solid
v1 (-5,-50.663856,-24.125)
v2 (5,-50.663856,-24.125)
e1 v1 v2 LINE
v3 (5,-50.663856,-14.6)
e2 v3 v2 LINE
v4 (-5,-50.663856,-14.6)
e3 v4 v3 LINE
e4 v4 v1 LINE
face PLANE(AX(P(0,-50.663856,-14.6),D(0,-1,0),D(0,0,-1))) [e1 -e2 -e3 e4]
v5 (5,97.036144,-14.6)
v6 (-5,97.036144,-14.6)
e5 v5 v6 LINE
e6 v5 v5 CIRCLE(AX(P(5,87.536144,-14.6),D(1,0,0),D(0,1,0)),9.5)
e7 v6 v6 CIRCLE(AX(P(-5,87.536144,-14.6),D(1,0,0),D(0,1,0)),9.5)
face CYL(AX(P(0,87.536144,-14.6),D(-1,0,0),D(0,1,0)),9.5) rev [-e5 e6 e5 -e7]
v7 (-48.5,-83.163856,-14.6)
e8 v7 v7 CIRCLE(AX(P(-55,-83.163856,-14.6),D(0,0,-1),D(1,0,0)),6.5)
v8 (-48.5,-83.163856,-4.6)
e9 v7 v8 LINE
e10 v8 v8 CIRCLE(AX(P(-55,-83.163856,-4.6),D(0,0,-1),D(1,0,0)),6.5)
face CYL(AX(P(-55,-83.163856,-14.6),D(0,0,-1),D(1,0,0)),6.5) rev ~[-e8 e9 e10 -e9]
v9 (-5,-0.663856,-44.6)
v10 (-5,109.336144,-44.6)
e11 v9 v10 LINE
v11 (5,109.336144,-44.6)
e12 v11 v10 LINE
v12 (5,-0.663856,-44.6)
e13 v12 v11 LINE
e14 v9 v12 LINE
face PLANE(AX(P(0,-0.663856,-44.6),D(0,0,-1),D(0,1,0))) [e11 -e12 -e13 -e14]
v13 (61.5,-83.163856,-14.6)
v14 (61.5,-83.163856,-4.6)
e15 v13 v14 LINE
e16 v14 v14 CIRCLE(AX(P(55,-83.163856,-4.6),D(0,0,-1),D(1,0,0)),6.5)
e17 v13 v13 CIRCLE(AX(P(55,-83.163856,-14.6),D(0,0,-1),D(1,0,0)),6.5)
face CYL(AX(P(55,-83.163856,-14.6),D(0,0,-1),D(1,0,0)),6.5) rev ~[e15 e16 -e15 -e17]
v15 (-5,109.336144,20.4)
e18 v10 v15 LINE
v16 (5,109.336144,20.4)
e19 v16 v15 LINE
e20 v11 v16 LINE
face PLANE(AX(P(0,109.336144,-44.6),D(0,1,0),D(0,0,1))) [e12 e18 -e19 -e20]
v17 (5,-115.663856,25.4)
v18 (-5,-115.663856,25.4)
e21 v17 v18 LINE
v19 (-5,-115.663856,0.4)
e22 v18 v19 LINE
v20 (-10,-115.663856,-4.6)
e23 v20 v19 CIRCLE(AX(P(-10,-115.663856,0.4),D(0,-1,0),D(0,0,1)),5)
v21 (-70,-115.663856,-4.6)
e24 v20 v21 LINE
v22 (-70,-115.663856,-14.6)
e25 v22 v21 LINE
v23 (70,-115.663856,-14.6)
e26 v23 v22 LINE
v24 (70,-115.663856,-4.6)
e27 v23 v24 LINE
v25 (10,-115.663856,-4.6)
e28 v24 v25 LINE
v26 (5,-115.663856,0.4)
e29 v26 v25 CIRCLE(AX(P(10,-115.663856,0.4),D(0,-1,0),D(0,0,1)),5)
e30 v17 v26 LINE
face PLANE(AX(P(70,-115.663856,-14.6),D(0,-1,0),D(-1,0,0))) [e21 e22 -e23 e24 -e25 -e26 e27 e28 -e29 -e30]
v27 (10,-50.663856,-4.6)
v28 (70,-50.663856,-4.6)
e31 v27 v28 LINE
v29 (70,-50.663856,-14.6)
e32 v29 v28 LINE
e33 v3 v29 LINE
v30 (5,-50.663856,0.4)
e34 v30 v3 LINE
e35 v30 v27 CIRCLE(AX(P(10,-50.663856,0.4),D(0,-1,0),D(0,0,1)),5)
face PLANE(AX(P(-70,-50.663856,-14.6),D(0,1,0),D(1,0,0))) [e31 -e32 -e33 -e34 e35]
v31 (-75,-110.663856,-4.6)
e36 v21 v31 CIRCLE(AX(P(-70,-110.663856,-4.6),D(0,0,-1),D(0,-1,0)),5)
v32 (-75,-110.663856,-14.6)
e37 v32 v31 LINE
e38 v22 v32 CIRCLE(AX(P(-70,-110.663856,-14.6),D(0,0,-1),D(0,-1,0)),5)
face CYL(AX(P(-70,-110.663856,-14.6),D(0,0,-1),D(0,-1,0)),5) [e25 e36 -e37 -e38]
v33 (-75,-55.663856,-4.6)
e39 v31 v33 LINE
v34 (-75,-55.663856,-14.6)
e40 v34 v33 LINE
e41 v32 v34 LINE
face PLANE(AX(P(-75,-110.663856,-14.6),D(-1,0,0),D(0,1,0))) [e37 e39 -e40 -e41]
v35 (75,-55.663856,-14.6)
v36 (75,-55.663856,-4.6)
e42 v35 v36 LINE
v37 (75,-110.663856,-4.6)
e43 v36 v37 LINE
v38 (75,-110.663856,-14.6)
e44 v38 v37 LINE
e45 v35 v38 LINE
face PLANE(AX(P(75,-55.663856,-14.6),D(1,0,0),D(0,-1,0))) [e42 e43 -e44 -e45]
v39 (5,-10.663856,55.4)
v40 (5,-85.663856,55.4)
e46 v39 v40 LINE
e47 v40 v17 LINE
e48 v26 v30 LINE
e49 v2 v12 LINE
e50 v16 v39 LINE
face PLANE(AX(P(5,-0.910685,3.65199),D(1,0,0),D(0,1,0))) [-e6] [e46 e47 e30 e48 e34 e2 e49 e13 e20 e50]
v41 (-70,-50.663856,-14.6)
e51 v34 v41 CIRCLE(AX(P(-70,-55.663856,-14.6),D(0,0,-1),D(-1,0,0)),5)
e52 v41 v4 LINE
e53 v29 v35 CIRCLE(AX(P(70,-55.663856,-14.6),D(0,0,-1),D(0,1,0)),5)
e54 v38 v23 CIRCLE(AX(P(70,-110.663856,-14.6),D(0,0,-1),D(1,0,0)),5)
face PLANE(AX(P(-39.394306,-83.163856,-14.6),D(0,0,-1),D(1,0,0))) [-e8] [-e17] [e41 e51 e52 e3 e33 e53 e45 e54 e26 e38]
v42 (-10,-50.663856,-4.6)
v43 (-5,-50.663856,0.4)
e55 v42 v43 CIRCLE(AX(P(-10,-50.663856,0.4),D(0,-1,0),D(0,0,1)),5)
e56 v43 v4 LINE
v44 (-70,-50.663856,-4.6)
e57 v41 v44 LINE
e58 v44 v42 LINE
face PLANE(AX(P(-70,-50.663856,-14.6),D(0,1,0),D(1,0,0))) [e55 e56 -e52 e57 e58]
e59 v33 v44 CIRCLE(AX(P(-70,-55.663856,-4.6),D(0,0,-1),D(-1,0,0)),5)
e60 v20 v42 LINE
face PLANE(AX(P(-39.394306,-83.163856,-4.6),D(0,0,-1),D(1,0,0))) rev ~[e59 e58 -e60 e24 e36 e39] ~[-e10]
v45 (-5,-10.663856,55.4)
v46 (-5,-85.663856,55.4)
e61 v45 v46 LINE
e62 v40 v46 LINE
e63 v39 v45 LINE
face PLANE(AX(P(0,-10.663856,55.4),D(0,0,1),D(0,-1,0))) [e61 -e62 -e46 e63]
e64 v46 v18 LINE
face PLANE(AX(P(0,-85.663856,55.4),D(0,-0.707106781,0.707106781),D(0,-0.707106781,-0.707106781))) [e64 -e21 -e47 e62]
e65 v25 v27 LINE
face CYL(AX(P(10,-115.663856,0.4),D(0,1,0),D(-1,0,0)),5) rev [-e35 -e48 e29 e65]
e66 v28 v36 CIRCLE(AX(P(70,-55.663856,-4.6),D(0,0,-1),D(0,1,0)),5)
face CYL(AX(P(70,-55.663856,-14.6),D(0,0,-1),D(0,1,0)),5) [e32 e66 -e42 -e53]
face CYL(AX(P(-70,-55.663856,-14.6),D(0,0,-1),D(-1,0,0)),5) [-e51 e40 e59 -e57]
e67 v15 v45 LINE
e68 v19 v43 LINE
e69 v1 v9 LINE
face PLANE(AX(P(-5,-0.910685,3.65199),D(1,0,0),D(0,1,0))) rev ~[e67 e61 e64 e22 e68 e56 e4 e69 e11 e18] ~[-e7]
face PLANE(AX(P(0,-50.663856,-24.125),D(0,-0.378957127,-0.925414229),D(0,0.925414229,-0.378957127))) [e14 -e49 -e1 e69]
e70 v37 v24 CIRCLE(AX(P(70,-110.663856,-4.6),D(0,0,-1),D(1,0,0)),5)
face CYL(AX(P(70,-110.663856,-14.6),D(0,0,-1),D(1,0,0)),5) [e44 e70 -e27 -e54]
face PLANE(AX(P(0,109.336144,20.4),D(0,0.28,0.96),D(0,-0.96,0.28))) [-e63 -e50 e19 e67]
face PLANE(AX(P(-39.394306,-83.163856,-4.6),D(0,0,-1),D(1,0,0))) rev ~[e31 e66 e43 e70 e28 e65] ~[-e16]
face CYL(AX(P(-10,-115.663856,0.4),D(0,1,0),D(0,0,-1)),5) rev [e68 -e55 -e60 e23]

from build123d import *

# Parameters (mm, degrees)
F0_R     = 9.5
F1_DEPTH = 5
F2_R     = 6.5
F2_W     = 10
F2_H     = 65
F3_DEPTH = 10
F4_R     = 5


with BuildPart() as f1:
    # F0 (on Right) → F1 (new body, symmetric)
    with BuildSketch(Plane.YZ):
        Polygon((-115.6638563656, 25.4), (-115.6638563656, -14.6), (-50.6638563656, -14.6), (-50.6638563656, -24.125), (-0.6638563656, -44.6), (109.3361436344, -44.6), (109.3361436344, 20.4), (-10.6638563656, 55.4), (-85.6638563656, 55.4), align=None)
        with Locations((87.5361436344, -14.6)):
            Circle(F0_R, mode=Mode.SUBTRACT)
    extrude(amount=F1_DEPTH, both=True)

    # F2 (on face) → F3 (join)
    with BuildSketch(Plane(origin=(0, 0, -14.6), x_dir=(1, 0, 0), z_dir=(0, 0, -1))):
        with BuildLine():
            ThreePointArc((-75, 55.6638563656), (-73.5355339059, 52.1283224597), (-70, 50.6638563656))
            Line((-70, 50.6638563656), (-5, 50.6638563656))
            Line((-5, 50.6638563656), (-5, 115.6638563656))
            Line((-5, 115.6638563656), (-70, 115.6638563656))
            ThreePointArc((-70, 115.6638563656), (-73.5355339059, 114.1993902716), (-75, 110.6638563656))
            Line((-75, 110.6638563656), (-75, 55.6638563656))
        make_face()
        with Locations((-55, 83.1638563656)):
            Circle(F2_R, mode=Mode.SUBTRACT)
        with Locations((0, 83.1638563656)):
            Rectangle(F2_W, F2_H)
        with BuildLine():
            Line((5, 115.6638563656), (5, 50.6638563656))
            Line((5, 50.6638563656), (70, 50.6638563656))
            ThreePointArc((70, 50.6638563656), (73.5355339059, 52.1283224597), (75, 55.6638563656))
            Line((75, 55.6638563656), (75, 110.6638563656))
            ThreePointArc((75, 110.6638563656), (73.5355339059, 114.1993902716), (70, 115.6638563656))
            Line((70, 115.6638563656), (5, 115.6638563656))
        make_face()
        with Locations((55, 83.1638563656)):
            Circle(F2_R, mode=Mode.SUBTRACT)
    extrude(amount=-F3_DEPTH)

    # F4
    f4_edges = [f1.edges().sort_by_distance(p)[0] for p in [
        (5, -83.163856, -4.6),
        (-5, -83.163856, -4.6),
    ]]
    fillet(f4_edges, radius=F4_R)


solid = f1.part
